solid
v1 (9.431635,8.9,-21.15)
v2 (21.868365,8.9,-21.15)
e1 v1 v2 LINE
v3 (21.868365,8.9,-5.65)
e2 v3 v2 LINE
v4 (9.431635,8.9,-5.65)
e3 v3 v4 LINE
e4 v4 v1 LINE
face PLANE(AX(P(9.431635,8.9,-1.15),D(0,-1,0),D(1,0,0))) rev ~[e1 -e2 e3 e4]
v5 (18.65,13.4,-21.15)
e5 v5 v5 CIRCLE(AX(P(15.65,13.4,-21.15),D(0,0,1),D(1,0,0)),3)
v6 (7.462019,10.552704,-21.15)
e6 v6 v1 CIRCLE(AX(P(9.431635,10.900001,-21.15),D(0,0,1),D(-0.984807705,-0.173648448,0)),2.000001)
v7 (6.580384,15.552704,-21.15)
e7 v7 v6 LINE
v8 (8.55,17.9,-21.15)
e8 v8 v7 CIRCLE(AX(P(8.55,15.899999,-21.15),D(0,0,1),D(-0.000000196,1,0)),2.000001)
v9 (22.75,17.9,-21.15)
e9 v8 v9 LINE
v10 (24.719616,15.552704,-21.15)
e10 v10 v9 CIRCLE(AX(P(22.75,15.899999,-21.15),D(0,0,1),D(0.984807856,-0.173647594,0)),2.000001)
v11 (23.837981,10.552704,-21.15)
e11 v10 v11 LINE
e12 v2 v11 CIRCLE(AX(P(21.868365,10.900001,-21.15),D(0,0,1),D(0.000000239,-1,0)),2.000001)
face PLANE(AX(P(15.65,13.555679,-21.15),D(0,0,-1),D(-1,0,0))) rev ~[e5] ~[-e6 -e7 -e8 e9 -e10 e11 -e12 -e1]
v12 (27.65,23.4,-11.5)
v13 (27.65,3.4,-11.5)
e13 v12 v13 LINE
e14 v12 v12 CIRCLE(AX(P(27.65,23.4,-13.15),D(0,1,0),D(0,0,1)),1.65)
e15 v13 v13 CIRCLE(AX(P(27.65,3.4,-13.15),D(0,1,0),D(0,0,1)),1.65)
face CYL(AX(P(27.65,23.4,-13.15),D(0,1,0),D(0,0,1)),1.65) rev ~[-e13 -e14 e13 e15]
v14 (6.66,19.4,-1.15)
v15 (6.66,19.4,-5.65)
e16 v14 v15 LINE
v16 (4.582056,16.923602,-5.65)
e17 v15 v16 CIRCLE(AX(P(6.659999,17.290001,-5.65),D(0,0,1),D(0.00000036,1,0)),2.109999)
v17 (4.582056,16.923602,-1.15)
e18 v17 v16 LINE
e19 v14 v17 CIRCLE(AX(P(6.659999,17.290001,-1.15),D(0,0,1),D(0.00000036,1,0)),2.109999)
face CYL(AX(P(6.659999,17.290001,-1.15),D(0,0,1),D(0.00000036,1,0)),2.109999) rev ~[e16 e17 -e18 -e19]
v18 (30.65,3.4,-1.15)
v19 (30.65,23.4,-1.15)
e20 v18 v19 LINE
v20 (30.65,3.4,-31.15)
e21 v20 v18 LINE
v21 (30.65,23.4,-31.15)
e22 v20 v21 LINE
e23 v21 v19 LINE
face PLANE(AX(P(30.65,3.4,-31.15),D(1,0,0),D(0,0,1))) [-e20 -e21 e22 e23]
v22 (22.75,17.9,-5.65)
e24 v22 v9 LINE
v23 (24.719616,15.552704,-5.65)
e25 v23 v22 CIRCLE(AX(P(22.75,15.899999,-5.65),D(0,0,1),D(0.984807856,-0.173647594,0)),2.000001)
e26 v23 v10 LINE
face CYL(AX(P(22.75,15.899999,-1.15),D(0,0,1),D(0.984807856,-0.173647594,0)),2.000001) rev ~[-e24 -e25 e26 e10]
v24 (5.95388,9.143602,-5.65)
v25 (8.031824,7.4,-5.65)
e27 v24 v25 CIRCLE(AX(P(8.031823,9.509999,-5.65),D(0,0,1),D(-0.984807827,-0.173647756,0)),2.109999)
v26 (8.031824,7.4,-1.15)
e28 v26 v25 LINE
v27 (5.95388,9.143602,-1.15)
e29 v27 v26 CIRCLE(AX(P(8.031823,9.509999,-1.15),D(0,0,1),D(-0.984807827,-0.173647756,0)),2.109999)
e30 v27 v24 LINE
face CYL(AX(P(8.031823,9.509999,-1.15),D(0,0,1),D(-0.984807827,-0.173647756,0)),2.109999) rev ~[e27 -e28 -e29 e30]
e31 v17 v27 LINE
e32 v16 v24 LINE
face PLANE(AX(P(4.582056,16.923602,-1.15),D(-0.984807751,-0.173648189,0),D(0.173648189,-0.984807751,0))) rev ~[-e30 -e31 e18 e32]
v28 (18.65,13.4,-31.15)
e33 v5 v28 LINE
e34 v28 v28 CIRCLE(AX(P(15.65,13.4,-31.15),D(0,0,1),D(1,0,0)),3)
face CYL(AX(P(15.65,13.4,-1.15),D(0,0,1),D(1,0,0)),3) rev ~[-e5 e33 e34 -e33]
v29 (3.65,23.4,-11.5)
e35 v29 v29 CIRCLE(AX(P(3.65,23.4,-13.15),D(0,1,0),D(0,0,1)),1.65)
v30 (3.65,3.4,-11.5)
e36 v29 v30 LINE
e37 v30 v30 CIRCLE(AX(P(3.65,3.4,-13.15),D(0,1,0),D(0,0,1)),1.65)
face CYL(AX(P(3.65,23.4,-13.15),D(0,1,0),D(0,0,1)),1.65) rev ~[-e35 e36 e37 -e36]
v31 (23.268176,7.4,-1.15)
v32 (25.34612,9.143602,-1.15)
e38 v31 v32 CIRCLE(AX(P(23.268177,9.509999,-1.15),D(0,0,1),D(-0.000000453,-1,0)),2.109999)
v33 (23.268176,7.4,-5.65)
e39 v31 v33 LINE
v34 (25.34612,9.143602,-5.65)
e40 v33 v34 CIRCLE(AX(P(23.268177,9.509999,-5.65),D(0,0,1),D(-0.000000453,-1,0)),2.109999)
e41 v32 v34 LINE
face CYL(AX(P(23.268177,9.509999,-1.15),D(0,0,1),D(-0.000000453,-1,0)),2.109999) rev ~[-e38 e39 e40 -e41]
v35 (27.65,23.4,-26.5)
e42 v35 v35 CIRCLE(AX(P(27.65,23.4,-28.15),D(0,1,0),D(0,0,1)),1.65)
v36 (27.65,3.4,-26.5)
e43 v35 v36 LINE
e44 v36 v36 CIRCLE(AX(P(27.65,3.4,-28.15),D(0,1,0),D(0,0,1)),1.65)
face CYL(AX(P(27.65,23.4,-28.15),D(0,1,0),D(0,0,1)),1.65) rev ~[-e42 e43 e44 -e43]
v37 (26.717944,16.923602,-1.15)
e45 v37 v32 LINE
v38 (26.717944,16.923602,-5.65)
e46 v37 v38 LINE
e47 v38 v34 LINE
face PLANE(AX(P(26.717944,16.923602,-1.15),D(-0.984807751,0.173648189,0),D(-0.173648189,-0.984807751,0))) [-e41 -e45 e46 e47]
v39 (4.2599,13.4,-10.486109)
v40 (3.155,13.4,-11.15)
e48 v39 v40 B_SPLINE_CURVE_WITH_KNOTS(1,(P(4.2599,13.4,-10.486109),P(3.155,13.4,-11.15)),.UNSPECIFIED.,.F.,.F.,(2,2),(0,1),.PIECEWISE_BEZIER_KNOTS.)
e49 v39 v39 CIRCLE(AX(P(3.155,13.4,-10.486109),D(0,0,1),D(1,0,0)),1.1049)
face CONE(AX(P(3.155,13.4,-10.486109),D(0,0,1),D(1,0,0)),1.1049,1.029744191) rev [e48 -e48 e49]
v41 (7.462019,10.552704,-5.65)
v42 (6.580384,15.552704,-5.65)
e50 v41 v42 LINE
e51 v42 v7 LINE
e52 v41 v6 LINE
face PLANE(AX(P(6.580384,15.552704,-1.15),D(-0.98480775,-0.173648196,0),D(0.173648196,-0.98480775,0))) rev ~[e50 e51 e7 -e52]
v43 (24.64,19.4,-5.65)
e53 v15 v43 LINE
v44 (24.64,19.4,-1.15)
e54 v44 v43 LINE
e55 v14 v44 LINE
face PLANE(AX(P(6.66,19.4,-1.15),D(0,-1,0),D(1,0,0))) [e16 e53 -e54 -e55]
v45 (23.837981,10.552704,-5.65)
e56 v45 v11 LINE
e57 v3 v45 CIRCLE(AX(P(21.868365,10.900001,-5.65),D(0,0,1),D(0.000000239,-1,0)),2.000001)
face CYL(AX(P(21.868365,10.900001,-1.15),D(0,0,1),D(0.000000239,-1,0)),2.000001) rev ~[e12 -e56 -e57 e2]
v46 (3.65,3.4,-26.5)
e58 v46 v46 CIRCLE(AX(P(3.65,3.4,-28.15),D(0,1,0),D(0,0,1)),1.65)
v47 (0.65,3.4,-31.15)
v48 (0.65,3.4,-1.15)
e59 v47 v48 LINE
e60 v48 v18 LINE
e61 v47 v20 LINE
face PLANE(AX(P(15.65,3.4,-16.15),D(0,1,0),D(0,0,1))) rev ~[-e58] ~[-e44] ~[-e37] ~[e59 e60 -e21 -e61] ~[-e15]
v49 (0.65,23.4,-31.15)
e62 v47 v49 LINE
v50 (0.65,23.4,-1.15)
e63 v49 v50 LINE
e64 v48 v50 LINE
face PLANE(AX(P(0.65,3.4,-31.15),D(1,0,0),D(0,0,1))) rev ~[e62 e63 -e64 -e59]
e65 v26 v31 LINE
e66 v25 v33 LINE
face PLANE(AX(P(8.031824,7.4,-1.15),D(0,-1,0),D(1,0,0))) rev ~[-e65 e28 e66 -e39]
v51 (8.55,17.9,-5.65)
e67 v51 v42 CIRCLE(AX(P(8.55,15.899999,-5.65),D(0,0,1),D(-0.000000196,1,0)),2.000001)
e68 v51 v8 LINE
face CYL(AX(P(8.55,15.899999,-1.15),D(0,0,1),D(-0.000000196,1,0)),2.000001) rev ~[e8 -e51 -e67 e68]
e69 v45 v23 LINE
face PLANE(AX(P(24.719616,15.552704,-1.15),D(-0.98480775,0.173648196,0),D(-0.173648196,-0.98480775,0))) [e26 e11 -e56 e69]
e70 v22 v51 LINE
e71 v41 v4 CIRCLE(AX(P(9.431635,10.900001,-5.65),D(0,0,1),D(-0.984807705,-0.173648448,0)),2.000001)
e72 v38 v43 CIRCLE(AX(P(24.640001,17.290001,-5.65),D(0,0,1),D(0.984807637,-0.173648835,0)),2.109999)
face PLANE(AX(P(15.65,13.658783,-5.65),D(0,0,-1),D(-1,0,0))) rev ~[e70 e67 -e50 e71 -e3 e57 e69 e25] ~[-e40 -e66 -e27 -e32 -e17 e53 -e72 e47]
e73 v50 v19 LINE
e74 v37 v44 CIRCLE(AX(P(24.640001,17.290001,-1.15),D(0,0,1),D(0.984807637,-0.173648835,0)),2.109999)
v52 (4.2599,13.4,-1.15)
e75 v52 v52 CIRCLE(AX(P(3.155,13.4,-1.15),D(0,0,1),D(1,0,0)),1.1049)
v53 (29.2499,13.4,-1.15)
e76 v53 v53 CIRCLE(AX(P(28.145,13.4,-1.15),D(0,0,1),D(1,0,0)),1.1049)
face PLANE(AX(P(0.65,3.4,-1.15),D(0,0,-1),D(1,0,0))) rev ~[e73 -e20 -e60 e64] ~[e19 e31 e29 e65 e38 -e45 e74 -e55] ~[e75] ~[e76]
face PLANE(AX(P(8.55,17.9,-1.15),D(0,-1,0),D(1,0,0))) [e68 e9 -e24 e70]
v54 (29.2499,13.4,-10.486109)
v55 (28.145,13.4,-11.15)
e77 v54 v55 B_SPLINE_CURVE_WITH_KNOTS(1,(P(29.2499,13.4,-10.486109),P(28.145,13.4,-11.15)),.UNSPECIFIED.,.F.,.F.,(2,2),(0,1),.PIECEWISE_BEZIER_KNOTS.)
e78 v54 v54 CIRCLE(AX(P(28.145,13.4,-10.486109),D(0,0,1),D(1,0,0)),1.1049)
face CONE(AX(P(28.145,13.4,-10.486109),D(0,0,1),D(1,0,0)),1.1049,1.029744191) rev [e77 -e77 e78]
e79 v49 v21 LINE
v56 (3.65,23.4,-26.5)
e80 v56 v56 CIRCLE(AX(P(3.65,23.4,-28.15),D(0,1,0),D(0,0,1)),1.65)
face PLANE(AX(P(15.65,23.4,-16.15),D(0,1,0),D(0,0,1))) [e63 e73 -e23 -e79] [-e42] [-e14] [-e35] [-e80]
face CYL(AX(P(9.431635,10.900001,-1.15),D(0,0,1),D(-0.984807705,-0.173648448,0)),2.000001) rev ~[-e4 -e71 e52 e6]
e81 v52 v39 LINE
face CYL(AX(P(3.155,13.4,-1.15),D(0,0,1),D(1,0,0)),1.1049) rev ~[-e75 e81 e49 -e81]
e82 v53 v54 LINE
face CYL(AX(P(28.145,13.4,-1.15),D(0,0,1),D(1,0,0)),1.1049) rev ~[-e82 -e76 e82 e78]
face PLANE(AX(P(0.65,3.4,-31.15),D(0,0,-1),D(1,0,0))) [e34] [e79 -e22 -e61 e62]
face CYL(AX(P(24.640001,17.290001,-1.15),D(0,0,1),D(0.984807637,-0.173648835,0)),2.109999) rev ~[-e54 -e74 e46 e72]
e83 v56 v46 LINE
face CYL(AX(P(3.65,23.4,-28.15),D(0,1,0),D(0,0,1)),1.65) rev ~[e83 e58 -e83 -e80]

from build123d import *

# Parameters (mm, degrees)
SKETCH001_W           = 30
SKETCH001_H           = 30
PAD_DEPTH             = 20
POCKET_DEPTH          = 4.5
POCKET001_DEPTH       = 20
SKETCH004_R           = 3
HOLE001_DEPTH         = 30.001
SKETCH005_R           = 1.1049
HOLE002_DEPTH         = 9.336109
HOLE002_TIPS_R        = 1.1049
SKETCH_R              = 1.65
HOLE_DEPTH            = 20.001
CLONE_PITCH_ANGLE     = -90
CLONE_PLACEMENT_ANGLE = -90


with BuildPart() as part:
    # Sketch001 → Pad (new body)
    with BuildSketch(Plane.XY):
        with Locations((4.5, 0)):
            Rectangle(SKETCH001_W, SKETCH001_H)
    extrude(amount=PAD_DEPTH)

    # Sketch002 (on DatumPlane) → Pocket (cut)
    with BuildSketch(Plane(origin=(19.5, 0, 10), x_dir=(0, 1, 0), z_dir=(1, 0, 0))):
        with BuildLine():
            Line((-8.99, 6), (8.99, 6))
            ThreePointArc((11.067944, 3.523602), (10.606354, 5.246282), (8.99, 6))
            Line((11.067944, 3.523602), (9.69612, -4.256398))
            ThreePointArc((7.618176, -6), (8.974458, -5.506354), (9.69612, -4.256398))
            Line((-7.618176, -6), (7.618176, -6))
            ThreePointArc((-9.69612, -4.256398), (-8.974458, -5.506354), (-7.618176, -6))
            Line((-11.067944, 3.523602), (-9.69612, -4.256398))
            ThreePointArc((-8.99, 6), (-10.606354, 5.246282), (-11.067944, 3.523602))
        make_face()
    extrude(amount=-POCKET_DEPTH, mode=Mode.SUBTRACT)

    # Sketch003 (on DatumPlane) → Pocket001 (cut)
    with BuildSketch(Plane(origin=(19.5, 0, 10), x_dir=(0, 1, 0), z_dir=(1, 0, 0))):
        with BuildLine():
            Line((-7.1, 4.5), (7.1, 4.5))
            ThreePointArc((9.069616, 2.152704), (8.632089, 3.785575), (7.1, 4.5))
            Line((9.069616, 2.152704), (8.187981, -2.847296))
            ThreePointArc((6.218365, -4.5), (7.50394, -4.032089), (8.187981, -2.847296))
            Line((-6.218365, -4.5), (6.218365, -4.5))
            ThreePointArc((-8.187981, -2.847296), (-7.50394, -4.032089), (-6.218365, -4.5))
            Line((-9.069616, 2.152704), (-8.187981, -2.847296))
            ThreePointArc((-7.1, 4.5), (-8.632089, 3.785575), (-9.069616, 2.152704))
        make_face()
    extrude(amount=-POCKET001_DEPTH, mode=Mode.SUBTRACT)

    # Sketch004 (on DatumPlane) → Hole001 (cut, through all)
    with BuildSketch(Plane(origin=(19.5, 0, 10), x_dir=(0, 1, 0), z_dir=(1, 0, 0))):
        Circle(SKETCH004_R)
    extrude(amount=-HOLE001_DEPTH, mode=Mode.SUBTRACT)

    # Sketch005 (on DatumPlane) → Hole002 (cut)
    with BuildSketch(Plane(origin=(19.5, 0, 10), x_dir=(0, 1, 0), z_dir=(1, 0, 0))):
        with Locations((-12.495, 0)):
            Circle(SKETCH005_R)
        with Locations((12.495, 0)):
            Circle(SKETCH005_R)
    extrude(amount=-HOLE002_DEPTH, mode=Mode.SUBTRACT)

    # Hole002 tips → Hole002 tip 1 section 0
    with BuildSketch(Plane(origin=(10.163891, 0, 10), x_dir=(0, 1, 0), z_dir=(1, 0, 0)), mode=Mode.PRIVATE) as hole002_tip_1_s0:
        with Locations((-12.495, 0)):
            Circle(HOLE002_TIPS_R)
    loft([hole002_tip_1_s0.sketch, Vertex(9.5, -12.495, 10)], mode=Mode.SUBTRACT)

    # Hole002 tips → Hole002 tip 2 section 0
    with BuildSketch(Plane(origin=(10.163891, 0, 10), x_dir=(0, 1, 0), z_dir=(1, 0, 0)), mode=Mode.PRIVATE) as hole002_tip_2_s0:
        with Locations((12.495, 0)):
            Circle(HOLE002_TIPS_R)
    loft([hole002_tip_2_s0.sketch, Vertex(9.5, 12.495, 10)], mode=Mode.SUBTRACT)

    # Sketch (on DatumPlane) → Hole (cut, through all)
    with BuildSketch(Plane.XY.offset(20)):
        with Locations((-7.5, 12)):
            Circle(SKETCH_R)
        with Locations((7.5, 12)):
            Circle(SKETCH_R)
        with Locations((7.5, -12)):
            Circle(SKETCH_R)
        with Locations((-7.5, -12)):
            Circle(SKETCH_R)
    extrude(amount=-HOLE_DEPTH, mode=Mode.SUBTRACT)


with BuildPart() as part_1:
    # Clone pitch: moved
    add(part.part.rotate(Axis((0, 0, 0), (0, 1, 0)), CLONE_PITCH_ANGLE))


with BuildPart() as part_2:
    # Clone placement: moved
    add(part_1.part.moved(Location((15.65, 3.4, -20.65))).rotate(Axis((15.65, 3.4, -20.65), (0, 0, 1)), CLONE_PLACEMENT_ANGLE))


solid = part_2.part
